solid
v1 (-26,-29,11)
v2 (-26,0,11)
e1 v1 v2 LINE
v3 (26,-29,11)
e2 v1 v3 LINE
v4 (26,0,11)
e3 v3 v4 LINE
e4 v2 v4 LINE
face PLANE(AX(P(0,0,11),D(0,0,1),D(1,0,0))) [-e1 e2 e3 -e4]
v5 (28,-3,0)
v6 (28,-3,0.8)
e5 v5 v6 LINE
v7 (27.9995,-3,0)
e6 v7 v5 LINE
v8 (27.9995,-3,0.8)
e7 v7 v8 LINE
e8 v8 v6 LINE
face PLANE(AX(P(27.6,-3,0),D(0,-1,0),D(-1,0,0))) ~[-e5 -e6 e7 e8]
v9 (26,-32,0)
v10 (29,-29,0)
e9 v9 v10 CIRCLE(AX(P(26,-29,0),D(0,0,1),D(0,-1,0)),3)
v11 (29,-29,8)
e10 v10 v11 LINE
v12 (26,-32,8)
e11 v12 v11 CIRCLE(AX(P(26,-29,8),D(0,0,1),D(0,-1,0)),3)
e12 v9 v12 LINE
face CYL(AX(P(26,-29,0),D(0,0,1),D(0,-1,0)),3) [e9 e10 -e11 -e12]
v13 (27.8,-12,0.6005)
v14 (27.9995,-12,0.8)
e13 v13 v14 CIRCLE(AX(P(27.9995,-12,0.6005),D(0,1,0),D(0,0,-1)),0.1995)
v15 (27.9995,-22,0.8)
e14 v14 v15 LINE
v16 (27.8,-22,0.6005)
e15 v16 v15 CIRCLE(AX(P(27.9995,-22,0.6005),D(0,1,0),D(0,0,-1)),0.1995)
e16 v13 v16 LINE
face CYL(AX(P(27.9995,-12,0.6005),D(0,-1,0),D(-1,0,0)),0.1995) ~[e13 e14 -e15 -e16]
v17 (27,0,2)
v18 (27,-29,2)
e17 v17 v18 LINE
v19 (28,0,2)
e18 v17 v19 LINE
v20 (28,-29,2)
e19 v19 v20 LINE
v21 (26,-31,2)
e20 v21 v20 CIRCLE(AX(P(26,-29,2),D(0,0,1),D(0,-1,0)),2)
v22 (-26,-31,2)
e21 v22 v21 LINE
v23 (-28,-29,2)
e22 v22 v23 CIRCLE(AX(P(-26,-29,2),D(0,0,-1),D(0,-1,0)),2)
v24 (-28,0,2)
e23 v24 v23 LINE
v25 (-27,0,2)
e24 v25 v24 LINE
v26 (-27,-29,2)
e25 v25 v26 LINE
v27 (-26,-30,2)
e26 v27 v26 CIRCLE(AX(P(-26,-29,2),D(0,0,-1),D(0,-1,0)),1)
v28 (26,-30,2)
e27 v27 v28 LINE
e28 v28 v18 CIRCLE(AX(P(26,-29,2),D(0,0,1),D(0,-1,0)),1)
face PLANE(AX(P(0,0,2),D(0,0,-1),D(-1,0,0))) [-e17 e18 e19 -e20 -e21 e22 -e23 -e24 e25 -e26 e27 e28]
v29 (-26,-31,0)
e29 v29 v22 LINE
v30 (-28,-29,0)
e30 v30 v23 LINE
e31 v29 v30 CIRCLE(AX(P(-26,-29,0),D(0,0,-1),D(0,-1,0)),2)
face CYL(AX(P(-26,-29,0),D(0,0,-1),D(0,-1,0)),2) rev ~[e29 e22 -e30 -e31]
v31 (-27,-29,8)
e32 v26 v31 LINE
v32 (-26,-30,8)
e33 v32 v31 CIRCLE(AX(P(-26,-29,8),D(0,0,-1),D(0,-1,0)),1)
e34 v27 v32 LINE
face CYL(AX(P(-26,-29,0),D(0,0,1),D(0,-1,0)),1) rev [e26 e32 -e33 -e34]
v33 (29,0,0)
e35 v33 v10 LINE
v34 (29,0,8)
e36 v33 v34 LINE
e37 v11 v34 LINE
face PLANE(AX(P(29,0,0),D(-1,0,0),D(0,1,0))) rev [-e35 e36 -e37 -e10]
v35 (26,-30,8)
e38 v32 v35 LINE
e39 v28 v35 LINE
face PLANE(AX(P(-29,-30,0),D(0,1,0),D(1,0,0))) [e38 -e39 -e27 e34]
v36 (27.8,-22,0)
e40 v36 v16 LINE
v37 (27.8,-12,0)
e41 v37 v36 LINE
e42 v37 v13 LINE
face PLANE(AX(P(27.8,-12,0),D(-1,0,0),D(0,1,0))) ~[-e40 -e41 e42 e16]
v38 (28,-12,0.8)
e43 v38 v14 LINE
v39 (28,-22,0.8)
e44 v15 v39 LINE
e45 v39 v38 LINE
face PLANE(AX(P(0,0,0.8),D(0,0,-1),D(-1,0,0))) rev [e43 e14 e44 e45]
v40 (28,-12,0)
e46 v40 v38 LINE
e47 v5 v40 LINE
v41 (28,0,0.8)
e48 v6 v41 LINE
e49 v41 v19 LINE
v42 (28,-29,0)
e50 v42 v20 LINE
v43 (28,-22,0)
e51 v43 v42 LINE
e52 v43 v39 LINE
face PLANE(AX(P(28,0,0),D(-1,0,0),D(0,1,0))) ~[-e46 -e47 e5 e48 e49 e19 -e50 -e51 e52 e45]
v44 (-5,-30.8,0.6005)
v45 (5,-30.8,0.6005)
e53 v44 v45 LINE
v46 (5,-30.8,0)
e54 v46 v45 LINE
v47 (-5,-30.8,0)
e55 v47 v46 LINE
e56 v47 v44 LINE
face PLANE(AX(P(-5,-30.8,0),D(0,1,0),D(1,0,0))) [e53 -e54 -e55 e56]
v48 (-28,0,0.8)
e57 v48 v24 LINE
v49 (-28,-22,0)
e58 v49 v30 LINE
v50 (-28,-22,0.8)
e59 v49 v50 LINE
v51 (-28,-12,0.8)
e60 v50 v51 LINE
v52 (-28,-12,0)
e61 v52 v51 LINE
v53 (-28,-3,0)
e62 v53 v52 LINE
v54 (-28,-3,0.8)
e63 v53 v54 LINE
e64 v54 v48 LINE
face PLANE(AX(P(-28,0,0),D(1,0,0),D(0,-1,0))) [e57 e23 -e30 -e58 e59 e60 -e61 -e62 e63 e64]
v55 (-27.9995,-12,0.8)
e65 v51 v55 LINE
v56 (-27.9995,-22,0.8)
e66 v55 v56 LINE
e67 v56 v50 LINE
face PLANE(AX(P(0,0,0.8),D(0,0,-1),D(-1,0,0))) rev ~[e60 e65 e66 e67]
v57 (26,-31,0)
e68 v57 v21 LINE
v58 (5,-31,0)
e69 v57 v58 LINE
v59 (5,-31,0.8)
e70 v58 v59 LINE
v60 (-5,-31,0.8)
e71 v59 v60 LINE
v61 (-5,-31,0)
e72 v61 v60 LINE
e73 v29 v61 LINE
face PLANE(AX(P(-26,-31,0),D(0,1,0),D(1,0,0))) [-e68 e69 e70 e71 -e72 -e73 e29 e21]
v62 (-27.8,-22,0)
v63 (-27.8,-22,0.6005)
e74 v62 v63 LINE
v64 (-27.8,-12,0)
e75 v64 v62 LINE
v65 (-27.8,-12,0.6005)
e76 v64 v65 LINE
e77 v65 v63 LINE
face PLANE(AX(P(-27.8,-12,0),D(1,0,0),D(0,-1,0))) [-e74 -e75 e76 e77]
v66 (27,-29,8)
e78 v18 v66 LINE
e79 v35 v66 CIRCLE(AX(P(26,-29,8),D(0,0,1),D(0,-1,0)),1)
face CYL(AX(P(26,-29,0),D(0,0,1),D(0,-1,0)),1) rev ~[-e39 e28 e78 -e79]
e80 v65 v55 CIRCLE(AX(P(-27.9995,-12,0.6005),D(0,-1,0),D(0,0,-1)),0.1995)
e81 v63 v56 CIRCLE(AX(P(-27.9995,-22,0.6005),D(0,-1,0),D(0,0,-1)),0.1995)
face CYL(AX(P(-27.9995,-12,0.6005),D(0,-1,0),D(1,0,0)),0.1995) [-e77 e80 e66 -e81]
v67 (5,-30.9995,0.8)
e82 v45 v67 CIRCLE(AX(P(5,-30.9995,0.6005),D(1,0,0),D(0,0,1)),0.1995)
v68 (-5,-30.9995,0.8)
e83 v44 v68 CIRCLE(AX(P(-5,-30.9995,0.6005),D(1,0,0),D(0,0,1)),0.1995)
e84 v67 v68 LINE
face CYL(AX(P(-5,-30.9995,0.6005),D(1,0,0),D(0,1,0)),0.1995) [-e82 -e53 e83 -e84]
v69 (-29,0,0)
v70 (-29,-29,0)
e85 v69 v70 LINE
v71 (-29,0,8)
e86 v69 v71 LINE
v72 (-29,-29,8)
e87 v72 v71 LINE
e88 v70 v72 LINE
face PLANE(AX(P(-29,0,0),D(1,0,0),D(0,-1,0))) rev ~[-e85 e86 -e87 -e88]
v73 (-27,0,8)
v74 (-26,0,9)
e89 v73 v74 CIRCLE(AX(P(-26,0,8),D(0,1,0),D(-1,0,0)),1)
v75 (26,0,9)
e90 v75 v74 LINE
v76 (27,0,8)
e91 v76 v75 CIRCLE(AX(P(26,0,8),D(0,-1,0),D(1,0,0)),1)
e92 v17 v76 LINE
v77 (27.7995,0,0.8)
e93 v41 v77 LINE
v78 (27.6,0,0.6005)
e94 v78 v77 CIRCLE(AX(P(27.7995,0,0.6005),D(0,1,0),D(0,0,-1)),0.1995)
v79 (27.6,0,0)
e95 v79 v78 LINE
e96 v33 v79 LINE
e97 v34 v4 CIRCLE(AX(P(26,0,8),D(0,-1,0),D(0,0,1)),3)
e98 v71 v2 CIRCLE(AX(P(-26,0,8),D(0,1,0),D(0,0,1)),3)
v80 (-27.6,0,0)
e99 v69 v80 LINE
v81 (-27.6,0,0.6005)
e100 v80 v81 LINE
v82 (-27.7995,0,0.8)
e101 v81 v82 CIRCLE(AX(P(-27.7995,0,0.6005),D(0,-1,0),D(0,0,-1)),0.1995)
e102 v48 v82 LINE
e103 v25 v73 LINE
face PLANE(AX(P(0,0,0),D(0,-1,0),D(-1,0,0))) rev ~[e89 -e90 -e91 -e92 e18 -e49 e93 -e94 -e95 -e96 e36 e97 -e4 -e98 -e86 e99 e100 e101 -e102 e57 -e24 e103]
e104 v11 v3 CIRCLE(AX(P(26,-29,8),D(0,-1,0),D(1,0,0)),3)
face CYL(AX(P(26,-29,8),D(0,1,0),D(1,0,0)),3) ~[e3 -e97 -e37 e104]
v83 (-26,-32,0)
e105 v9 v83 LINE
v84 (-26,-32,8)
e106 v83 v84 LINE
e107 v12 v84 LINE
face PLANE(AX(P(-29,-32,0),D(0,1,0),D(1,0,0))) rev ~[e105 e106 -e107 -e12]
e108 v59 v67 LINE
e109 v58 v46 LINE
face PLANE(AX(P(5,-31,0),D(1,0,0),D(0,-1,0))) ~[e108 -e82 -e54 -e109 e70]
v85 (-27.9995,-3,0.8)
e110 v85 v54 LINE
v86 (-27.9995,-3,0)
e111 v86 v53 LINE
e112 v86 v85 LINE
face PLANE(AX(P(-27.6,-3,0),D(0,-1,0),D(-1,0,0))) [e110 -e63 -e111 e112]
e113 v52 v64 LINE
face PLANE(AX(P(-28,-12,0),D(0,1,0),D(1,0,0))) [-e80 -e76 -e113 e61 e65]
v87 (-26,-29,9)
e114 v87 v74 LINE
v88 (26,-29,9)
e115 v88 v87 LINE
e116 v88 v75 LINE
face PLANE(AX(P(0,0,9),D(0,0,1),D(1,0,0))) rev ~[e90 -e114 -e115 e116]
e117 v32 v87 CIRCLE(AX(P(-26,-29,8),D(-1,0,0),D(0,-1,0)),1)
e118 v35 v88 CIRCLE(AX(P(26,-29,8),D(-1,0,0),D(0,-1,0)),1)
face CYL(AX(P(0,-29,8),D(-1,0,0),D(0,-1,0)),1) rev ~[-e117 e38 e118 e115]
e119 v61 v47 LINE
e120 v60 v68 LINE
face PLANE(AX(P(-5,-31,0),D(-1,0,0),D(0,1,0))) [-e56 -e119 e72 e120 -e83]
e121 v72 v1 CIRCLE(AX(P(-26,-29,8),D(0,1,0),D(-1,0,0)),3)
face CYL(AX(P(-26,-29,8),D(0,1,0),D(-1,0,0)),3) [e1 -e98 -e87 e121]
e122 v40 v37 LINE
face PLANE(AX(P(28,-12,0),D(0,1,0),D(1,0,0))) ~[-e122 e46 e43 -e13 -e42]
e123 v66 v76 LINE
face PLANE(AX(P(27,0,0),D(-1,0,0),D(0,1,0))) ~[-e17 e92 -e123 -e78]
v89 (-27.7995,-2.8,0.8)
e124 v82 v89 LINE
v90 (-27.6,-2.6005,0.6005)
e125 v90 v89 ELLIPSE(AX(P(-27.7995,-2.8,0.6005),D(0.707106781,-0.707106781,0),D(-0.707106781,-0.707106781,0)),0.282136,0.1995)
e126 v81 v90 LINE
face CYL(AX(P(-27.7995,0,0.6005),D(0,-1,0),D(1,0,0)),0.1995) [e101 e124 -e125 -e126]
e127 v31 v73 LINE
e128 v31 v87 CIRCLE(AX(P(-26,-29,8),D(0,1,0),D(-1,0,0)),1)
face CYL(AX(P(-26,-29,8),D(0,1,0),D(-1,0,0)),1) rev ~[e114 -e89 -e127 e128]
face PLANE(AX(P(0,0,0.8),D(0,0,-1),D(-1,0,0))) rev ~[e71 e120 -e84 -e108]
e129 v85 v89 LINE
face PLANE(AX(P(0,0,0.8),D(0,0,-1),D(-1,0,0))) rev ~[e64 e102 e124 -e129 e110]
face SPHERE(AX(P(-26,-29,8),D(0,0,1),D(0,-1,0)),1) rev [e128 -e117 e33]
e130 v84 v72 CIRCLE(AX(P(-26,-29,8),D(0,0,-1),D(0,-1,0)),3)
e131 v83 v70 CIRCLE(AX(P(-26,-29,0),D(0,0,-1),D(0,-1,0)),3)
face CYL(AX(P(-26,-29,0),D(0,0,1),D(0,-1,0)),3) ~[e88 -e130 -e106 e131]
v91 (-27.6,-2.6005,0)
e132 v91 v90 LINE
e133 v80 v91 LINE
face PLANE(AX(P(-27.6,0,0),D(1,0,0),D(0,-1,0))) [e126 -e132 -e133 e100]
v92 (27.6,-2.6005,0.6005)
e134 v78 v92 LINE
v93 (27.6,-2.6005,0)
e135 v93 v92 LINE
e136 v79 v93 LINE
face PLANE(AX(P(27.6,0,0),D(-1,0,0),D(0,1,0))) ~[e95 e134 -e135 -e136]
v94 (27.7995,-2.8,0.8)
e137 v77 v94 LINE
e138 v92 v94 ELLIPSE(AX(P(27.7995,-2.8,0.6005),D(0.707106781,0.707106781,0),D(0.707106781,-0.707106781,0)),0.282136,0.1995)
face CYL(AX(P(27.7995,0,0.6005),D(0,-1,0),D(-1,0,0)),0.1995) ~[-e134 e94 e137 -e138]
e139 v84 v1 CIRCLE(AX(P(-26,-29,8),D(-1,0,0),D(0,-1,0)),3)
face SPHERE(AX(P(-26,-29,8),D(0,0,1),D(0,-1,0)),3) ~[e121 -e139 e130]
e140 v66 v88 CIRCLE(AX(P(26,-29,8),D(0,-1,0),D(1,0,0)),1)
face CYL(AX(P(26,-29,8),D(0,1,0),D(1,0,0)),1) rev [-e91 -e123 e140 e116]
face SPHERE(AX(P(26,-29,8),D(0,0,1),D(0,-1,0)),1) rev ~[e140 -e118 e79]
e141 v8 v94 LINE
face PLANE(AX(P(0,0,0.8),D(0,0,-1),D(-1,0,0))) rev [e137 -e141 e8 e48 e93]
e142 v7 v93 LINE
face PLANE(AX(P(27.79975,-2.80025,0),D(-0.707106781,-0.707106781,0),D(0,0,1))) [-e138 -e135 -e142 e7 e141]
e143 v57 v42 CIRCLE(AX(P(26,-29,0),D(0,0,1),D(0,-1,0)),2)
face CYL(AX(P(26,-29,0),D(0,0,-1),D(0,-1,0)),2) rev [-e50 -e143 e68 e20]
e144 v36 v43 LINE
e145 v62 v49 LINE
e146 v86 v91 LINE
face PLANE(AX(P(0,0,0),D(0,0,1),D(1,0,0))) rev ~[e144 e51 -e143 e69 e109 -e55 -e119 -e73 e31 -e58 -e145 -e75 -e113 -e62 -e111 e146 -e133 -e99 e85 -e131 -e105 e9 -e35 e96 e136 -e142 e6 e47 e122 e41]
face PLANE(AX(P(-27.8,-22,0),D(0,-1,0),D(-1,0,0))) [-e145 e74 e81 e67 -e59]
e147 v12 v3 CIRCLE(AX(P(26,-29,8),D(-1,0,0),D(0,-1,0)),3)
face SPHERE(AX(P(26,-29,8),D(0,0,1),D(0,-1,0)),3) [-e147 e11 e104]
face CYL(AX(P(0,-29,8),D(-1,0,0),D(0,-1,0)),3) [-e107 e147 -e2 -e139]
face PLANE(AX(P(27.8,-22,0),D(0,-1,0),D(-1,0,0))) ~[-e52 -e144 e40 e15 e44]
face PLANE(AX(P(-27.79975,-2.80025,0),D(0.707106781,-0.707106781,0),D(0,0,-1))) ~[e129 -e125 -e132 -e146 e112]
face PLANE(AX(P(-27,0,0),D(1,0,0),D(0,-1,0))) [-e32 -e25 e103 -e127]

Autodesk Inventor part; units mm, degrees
ref_plane "YZ Plane" through (0, 0, 0) normal (1, 0, 0) x (0, 1, 0)
ref_plane "XZ Plane" through (0, 0, 0) normal (0, 1, 0) x (-1, 0, 0)
ref_plane "XY Plane" through (0, 0, 0) normal (0, 0, 1) x (1, 0, 0)
sketch "Sketch1" plane through (0, 0, 0) normal (0, 0, 1) x (1, 0, 0)
  line L0 (-34.8, 0) -> (5.8, 0) construction
  line L1 (0, -38.4) -> (0, 6.4) construction
  line L2 (0, 0) -> (-29, 0)
  line L3 (-29, 0) -> (-29, -32)
  line L4 (-29, -32) -> (0, -32)
  line L5 (0, -32) -> (0, 0)
  dimension "d0" = 29
  dimension "d1" = 32
extrude "Extrusion1" add sketch "Sketch1" along normal blind 11
fillet "Fillet1" radius 3 1 edges at (-29, -32, 5.5)
fillet "Fillet2" radius 3 3 edges at (-28.1213, -31.1213, 11) (-29, -14.5, 11) (-13, -32, 11)
shell "Shell1" thickness 2 removed faces 3 at (-9.6667, -20.3333, 0) at (0, -20.3333, 3.6667) at (-18.3333, 0, 3.6667)
sketch "Sketch3" plane through (0, 0, 0) normal (0, 0, -1) x (-1, 0, 0)
  line L0 (27, 0) -> (27, -29) projected
  arc A0 (26, -30) -> (27, -29) centre (26, -29) ccw projected
  line L1 (26, -30) -> (0, -30) projected
  line L2 (28, 0) -> (28, -29)
  arc A1 (26, -31) -> (28, -29) centre (26, -29) ccw
  line L3 (26, -31) -> (0, -31)
  line L4 (27, 0) -> (28, 0)
  line L5 (0, -30) -> (0, -31)
  point P0 (0, 0)
  dimension "d19" = 1
extrude "Extrusion3" cut sketch "Sketch3" against normal blind 2
sketch "Sketch4" plane through (0, 0, 0) normal (0, 0, -1) x (-1, 0, 0)
  line L0 (0, -31) -> (26, -31) construction
  arc A0 (26, -31) -> (28, -29) centre (26, -29) ccw construction
  line L1 (28, -29) -> (28, 0) construction
  line L2 (28, 0) -> (29, 0) construction
  line L3 (29, 0) -> (29, -29) construction
  arc A1 (26, -32) -> (29, -29) centre (26, -29) ccw construction
  line L4 (26, -32) -> (0, -32) construction
  line L5 (0, -32) -> (0, -31) construction
  line L6 (28, 0) -> (27.6, 0)
  line L7 (27.6, 0) -> (27.6, -3)
  line L8 (27.6, -3) -> (28, -3)
  line L9 (28, -3) -> (28, 0)
  line L10 (28, -12) -> (27.8, -12)
  line L11 (27.8, -12) -> (27.8, -22)
  line L12 (27.8, -22) -> (28, -22)
  line L13 (28, -22) -> (28, -12)
  line L14 (0, -31) -> (5, -31)
  line L15 (5, -31) -> (5, -30.8)
  line L16 (5, -30.8) -> (0, -30.8)
  line L17 (0, -30.8) -> (0, -31)
  point P0 (0, 0)
  dimension "d22" = 5
  dimension "d23" = 0.2
  dimension "d24" = 0.2
  dimension "d25" = 10
  dimension "d26" = 10
  dimension "d27" = 3
  dimension "d28" = 0.4
extrude "Extrusion4" add sketch "Sketch4" against normal blind 0.8
chamfer "Chamfer2" distance 0.4 angle 45 1 edges at (-27.6, -3, 0.4)
fillet "Fillet4" radius 0.2 3 edges at (-27.6, -1.3002, 0.8) (-27.8, -17, 0.8) (-2.5, -30.8, 0.8)
mirror "Mirror1" about plane through (0, -32, 0) normal (1, 0, 0)
properties part number "P128" material "ABS Plastic"
